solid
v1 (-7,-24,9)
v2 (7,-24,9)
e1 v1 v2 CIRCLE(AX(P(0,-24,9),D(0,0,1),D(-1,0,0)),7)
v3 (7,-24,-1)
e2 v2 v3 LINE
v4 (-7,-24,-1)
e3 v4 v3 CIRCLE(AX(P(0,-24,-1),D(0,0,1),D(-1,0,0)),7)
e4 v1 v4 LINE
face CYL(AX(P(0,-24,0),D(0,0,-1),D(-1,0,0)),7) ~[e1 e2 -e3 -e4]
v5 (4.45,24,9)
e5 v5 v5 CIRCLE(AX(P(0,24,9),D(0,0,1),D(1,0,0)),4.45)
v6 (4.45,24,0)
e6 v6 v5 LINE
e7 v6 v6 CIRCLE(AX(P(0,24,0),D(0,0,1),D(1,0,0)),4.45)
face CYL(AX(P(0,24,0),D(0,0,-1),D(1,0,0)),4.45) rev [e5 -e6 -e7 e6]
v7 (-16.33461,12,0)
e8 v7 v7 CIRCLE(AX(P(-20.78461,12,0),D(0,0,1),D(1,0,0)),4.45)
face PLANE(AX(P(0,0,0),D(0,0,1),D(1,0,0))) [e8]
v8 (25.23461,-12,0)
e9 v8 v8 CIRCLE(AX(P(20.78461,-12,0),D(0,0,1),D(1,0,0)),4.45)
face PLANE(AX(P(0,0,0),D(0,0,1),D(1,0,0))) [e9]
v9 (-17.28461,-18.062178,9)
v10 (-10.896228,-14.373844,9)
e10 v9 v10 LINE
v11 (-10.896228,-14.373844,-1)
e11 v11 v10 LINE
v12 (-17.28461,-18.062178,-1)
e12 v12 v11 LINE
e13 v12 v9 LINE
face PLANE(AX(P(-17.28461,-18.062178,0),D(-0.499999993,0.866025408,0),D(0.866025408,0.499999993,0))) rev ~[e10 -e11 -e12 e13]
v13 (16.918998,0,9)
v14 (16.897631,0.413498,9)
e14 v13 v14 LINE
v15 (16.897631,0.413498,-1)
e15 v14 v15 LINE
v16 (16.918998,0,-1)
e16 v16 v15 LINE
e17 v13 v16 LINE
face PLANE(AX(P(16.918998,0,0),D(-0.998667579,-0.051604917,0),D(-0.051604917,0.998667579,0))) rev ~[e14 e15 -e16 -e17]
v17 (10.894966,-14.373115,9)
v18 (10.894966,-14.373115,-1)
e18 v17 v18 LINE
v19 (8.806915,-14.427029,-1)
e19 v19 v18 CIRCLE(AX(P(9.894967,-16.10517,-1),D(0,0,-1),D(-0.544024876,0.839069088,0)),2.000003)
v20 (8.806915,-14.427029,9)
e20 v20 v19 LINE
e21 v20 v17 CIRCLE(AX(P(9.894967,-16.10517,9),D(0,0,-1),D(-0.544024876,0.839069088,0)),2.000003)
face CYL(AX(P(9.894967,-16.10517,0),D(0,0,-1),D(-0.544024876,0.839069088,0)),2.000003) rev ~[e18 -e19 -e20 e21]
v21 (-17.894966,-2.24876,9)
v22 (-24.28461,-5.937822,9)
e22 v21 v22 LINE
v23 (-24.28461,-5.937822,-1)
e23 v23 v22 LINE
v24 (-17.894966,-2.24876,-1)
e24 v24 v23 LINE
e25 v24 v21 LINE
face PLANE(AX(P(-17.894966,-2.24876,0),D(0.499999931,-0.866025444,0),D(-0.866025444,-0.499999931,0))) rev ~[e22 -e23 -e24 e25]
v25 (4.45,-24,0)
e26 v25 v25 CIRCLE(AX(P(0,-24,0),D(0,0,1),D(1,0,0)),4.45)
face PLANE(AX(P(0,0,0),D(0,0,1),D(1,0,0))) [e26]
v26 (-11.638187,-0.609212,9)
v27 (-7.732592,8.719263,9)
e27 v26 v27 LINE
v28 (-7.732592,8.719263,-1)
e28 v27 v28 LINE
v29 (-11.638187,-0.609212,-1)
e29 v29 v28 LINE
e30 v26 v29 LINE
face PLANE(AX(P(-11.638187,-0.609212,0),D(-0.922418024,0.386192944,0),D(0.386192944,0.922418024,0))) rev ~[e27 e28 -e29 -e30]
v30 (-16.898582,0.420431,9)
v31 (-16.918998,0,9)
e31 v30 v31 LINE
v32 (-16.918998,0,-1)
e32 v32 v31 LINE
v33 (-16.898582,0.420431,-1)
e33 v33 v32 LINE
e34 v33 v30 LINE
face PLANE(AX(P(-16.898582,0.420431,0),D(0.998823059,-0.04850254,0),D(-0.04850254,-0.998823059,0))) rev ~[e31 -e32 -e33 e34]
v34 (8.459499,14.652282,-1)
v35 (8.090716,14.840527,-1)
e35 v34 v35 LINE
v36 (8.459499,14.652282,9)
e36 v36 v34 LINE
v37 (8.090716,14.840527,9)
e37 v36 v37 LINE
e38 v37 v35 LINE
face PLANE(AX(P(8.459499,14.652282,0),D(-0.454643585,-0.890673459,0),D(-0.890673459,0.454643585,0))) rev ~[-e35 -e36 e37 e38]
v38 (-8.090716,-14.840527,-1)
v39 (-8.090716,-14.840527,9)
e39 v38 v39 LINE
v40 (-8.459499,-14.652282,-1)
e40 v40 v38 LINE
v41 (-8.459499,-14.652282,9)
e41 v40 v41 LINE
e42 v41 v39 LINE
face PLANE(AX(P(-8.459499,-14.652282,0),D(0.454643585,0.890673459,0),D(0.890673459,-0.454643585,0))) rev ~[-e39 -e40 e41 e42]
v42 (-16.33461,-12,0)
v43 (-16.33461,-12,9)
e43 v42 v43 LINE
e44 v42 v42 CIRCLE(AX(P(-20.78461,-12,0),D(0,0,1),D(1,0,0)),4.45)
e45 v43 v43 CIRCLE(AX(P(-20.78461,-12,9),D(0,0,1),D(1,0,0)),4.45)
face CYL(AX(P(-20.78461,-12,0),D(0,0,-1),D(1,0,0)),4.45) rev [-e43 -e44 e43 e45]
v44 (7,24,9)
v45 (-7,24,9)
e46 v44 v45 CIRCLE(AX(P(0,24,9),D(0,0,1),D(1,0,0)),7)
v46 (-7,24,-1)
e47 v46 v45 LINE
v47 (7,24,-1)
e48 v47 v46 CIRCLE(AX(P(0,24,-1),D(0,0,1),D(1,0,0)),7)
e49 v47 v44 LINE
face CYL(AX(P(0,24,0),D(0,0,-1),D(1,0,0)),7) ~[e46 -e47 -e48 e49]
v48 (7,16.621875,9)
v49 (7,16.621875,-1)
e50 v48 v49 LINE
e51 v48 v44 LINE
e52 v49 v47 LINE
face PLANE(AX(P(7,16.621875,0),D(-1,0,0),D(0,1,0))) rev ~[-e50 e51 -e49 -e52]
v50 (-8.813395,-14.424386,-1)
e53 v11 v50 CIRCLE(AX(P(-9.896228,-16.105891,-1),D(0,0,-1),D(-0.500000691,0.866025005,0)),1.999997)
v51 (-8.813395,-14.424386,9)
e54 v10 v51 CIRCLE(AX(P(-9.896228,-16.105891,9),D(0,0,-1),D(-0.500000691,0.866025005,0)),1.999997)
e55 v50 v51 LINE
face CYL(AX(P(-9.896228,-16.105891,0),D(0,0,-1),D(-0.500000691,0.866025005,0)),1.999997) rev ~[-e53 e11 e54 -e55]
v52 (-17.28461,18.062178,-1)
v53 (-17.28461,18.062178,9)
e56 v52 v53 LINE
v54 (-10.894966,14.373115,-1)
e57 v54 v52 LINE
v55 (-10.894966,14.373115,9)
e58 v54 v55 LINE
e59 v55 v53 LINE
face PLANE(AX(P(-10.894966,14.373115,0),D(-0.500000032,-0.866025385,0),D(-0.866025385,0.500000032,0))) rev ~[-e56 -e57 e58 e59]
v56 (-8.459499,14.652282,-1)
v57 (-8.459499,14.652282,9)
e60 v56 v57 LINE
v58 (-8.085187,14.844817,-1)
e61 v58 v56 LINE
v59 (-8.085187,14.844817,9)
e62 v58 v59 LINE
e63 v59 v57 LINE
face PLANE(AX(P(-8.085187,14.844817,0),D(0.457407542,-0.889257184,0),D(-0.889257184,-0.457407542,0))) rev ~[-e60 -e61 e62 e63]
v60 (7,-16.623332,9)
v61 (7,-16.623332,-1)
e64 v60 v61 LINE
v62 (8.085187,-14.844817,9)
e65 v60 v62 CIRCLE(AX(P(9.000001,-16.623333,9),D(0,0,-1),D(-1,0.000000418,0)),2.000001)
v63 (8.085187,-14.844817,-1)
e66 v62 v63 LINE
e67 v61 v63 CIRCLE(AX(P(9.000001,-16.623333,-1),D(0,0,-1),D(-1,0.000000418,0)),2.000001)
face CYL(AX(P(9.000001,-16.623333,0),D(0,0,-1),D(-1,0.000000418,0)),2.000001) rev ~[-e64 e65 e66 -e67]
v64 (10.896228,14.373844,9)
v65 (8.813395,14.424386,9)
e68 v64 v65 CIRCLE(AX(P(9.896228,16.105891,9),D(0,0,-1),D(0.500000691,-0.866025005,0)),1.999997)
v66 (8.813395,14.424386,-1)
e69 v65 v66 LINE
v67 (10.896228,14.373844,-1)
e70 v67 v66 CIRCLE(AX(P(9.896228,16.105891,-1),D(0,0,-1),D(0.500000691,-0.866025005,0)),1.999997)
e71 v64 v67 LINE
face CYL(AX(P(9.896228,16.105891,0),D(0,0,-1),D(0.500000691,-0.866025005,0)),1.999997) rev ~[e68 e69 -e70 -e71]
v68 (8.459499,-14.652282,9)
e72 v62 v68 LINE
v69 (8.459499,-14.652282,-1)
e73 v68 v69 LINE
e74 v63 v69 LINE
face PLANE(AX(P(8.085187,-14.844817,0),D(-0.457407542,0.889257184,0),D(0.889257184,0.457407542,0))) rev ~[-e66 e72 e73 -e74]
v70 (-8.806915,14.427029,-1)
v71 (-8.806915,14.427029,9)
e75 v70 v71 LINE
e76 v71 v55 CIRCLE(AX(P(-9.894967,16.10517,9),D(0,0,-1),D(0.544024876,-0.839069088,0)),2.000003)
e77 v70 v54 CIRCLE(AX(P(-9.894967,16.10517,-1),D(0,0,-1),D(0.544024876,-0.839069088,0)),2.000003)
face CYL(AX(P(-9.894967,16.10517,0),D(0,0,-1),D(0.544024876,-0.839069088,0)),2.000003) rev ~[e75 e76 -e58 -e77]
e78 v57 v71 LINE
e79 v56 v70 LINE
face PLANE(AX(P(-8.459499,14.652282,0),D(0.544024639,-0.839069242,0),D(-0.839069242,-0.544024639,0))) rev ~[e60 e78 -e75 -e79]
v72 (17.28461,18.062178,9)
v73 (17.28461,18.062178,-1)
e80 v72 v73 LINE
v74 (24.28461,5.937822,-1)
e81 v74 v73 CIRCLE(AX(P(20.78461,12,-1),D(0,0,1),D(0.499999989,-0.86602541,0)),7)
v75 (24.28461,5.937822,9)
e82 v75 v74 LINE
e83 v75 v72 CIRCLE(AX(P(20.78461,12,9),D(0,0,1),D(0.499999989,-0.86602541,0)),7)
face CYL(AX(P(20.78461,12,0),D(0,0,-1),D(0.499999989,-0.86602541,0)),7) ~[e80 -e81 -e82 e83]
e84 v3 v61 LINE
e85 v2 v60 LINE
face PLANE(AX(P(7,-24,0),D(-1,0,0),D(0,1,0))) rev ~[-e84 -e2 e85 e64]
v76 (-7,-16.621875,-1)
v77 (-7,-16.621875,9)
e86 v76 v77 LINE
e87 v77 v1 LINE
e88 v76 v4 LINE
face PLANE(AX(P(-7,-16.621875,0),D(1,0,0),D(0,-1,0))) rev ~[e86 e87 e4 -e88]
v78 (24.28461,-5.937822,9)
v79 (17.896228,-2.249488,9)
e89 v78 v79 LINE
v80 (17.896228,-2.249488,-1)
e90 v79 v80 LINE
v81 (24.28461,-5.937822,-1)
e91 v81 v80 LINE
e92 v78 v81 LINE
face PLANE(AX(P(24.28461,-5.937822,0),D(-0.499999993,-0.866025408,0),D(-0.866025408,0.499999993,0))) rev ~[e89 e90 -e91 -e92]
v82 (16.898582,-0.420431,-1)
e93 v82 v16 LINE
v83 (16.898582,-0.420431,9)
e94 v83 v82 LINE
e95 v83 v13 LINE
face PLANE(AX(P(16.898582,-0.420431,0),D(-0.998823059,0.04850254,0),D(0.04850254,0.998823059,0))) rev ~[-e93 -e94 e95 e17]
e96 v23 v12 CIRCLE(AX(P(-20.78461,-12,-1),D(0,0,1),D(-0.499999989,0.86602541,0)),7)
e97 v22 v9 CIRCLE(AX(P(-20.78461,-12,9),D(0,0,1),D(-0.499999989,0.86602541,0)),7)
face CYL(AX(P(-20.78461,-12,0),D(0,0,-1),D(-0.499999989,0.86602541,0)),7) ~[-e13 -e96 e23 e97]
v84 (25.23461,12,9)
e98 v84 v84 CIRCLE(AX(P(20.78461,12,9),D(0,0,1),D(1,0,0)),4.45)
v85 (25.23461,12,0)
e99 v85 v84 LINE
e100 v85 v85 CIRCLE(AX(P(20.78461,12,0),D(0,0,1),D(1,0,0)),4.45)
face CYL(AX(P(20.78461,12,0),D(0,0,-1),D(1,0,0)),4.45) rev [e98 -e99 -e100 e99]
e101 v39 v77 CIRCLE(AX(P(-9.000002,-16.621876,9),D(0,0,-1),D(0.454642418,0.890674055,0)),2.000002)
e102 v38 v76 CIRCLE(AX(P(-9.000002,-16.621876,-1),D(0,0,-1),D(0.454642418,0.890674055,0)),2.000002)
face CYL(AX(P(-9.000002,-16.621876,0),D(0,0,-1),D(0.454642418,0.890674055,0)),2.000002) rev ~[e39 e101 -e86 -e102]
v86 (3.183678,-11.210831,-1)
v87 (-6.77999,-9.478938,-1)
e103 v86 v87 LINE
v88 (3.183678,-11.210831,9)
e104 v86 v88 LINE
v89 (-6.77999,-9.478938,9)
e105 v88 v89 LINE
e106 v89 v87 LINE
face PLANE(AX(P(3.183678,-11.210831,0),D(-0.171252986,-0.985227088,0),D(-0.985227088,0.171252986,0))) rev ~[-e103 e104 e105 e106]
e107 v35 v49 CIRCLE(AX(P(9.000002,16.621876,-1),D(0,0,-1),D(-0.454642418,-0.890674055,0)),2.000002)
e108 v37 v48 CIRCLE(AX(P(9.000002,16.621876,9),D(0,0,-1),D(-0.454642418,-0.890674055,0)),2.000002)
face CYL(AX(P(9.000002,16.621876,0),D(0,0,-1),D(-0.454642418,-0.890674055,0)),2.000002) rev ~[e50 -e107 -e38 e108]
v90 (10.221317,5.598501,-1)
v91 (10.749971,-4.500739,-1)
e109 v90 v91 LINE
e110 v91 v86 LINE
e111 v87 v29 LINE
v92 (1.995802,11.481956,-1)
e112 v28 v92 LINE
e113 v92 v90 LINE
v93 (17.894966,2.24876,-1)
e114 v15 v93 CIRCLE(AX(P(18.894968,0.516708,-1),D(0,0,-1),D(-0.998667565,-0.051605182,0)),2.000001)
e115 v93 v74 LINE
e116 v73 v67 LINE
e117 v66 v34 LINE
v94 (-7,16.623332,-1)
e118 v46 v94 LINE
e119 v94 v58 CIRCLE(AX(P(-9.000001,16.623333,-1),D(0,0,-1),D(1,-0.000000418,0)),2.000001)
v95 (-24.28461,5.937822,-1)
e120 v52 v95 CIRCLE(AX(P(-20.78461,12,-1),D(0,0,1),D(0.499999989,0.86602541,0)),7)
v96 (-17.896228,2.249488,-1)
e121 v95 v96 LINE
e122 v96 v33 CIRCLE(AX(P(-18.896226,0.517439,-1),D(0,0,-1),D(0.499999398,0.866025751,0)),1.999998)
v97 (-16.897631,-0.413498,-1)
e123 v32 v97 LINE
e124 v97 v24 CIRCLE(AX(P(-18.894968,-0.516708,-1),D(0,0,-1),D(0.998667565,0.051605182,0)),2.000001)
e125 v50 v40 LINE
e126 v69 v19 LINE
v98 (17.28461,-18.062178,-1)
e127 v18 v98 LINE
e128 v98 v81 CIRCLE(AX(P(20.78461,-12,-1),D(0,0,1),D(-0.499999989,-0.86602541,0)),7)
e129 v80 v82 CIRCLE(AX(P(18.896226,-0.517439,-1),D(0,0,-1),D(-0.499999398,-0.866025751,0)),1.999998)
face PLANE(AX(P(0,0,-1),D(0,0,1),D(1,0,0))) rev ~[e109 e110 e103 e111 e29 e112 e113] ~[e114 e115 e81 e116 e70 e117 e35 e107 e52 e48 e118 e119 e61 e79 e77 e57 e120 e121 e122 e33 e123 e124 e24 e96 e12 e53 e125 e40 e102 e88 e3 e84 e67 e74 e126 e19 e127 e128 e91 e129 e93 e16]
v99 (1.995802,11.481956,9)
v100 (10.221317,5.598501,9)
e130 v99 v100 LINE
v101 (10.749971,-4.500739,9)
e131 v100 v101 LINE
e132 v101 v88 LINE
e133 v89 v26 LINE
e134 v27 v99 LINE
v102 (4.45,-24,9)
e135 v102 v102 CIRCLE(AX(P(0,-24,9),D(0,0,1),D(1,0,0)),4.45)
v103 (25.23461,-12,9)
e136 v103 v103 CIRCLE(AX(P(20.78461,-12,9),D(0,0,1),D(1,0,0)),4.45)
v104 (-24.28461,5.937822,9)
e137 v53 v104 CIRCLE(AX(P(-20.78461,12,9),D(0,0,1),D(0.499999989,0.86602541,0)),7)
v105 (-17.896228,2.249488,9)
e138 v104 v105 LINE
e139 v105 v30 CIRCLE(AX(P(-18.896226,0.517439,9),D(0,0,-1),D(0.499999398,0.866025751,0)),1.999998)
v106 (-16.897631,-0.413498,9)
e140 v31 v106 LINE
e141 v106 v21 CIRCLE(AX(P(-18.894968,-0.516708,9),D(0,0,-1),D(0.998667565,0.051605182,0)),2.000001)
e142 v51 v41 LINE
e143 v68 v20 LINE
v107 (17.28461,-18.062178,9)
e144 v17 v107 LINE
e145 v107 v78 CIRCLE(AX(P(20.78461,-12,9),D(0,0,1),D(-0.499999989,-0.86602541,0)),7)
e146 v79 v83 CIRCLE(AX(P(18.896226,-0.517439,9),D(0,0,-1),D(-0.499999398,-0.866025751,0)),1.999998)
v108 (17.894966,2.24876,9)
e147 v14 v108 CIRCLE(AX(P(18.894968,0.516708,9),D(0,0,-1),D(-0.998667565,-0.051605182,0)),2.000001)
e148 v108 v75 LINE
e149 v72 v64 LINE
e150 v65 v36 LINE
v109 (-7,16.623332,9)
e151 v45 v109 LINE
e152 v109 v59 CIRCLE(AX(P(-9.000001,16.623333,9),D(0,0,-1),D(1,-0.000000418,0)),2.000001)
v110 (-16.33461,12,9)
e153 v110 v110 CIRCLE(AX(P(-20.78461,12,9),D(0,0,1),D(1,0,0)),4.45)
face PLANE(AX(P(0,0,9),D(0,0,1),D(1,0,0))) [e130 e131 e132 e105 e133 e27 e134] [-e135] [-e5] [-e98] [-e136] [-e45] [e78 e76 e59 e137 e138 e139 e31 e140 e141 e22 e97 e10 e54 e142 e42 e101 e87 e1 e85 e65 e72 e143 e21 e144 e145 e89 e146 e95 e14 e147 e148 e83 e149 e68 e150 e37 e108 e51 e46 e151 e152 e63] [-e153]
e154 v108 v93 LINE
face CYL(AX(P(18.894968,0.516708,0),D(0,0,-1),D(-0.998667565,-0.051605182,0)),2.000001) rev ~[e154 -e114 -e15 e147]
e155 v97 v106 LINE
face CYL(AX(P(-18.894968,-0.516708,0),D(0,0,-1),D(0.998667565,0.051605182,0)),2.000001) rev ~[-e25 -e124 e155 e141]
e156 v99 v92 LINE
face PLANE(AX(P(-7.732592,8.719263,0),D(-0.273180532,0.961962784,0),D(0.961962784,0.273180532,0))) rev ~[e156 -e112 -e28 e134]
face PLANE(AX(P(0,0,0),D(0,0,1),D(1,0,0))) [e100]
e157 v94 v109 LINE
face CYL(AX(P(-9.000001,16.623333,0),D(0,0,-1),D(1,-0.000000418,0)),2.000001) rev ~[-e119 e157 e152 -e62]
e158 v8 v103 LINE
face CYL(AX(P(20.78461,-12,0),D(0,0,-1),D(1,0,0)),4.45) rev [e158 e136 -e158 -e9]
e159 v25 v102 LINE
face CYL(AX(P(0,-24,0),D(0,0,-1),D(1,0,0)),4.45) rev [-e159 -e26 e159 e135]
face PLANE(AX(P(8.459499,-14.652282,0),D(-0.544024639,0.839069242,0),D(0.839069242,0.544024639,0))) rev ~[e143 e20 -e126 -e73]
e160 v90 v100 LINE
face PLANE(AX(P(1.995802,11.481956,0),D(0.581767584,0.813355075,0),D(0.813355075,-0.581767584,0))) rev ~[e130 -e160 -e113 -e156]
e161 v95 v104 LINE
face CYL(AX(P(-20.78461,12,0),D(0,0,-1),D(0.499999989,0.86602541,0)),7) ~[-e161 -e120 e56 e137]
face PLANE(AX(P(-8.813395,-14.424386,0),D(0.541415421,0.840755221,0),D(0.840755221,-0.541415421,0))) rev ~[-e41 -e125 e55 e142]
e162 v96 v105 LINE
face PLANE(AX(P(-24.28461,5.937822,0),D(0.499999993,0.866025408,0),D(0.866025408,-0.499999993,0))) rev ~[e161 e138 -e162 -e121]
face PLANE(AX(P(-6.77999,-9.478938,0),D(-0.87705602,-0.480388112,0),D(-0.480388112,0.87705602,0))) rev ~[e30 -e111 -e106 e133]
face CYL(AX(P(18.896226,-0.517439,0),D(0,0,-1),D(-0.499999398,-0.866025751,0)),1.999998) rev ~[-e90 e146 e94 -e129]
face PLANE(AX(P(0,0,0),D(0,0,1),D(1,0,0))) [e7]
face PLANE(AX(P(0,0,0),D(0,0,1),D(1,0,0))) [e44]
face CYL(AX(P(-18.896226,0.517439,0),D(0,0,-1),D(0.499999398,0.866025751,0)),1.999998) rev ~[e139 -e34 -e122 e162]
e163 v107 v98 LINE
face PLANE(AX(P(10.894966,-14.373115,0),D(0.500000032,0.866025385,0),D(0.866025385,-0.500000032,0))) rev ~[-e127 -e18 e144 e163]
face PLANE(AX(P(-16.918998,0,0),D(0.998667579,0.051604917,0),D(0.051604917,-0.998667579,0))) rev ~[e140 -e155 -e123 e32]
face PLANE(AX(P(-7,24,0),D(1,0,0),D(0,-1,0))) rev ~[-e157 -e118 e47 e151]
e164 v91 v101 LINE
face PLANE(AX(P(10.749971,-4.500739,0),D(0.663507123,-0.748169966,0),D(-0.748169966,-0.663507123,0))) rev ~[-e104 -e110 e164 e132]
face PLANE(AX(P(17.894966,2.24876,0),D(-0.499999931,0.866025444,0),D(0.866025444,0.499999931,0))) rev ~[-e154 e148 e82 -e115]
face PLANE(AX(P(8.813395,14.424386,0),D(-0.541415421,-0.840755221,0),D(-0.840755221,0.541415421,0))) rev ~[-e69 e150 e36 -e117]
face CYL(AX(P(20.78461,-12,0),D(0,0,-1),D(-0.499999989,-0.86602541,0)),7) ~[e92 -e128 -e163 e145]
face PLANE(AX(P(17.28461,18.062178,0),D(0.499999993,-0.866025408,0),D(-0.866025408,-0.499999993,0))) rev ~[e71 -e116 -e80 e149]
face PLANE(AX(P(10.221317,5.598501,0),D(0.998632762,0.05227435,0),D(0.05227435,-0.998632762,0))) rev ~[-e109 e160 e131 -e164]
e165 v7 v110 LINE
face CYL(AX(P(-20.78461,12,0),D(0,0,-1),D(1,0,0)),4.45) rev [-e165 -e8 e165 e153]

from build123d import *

# Parameters (mm, degrees)
F0_R     = 4.45
F1_DEPTH = 1
F2_DEPTH = 9


with BuildPart() as f1:
    # F0 (on Top) → F1 (new body)
    with BuildSketch(Plane.XY):
        with BuildLine():
            Line((7, 16.621875), (7, 24))
            ThreePointArc((7, 24), (0, 31), (-7, 24))
            Line((-7, 24), (-7, 16.623332))
            ThreePointArc((-7, 16.623332), (-7.292718, 15.581609), (-8.085187, 14.844817))
            Line((-8.085187, 14.844817), (-8.459499, 14.652282))
            Line((-8.459499, 14.652282), (-8.806915, 14.427029))
            ThreePointArc((-8.806915, 14.427029), (-9.843343, 14.105833), (-10.894966, 14.373115))
            Line((-10.894966, 14.373115), (-17.28461, 18.062178))
            ThreePointArc((-17.28461, 18.062178), (-26.846788, 15.5), (-24.28461, 5.937822))
            Line((-24.28461, 5.937822), (-17.896228, 2.249488))
            ThreePointArc((-17.896228, 2.249488), (-17.140428, 1.475126), (-16.898582, 0.420431))
            Line((-16.898582, 0.420431), (-16.918998, 0))
            Line((-16.918998, 0), (-16.897631, -0.413498))
            ThreePointArc((-16.897631, -0.413498), (-17.137681, -1.471669), (-17.894966, -2.24876))
            Line((-17.894966, -2.24876), (-24.28461, -5.937822))
            ThreePointArc((-24.28461, -5.937822), (-26.846788, -15.5), (-17.28461, -18.062178))
            Line((-17.28461, -18.062178), (-10.896228, -14.373844))
            ThreePointArc((-10.896228, -14.373844), (-9.84771, -14.106483), (-8.813395, -14.424386))
            Line((-8.813395, -14.424386), (-8.459499, -14.652282))
            Line((-8.459499, -14.652282), (-8.090716, -14.840527))
            ThreePointArc((-8.090716, -14.840527), (-7.294338, -15.577502), (-7, -16.621875))
            Line((-7, -16.621875), (-7, -24))
            ThreePointArc((-7, -24), (0, -31), (7, -24))
            Line((7, -24), (7, -16.623332))
            ThreePointArc((7, -16.623332), (7.292718, -15.581609), (8.085187, -14.844817))
            Line((8.085187, -14.844817), (8.459499, -14.652282))
            Line((8.459499, -14.652282), (8.806915, -14.427029))
            ThreePointArc((8.806915, -14.427029), (9.843343, -14.105833), (10.894966, -14.373115))
            Line((10.894966, -14.373115), (17.28461, -18.062178))
            ThreePointArc((17.28461, -18.062178), (26.846788, -15.5), (24.28461, -5.937822))
            Line((24.28461, -5.937822), (17.896228, -2.249488))
            ThreePointArc((17.896228, -2.249488), (17.140428, -1.475126), (16.898582, -0.420431))
            Line((16.898582, -0.420431), (16.918998, 0))
            Line((16.918998, 0), (16.897631, 0.413498))
            ThreePointArc((16.897631, 0.413498), (17.137681, 1.471669), (17.894966, 2.24876))
            Line((17.894966, 2.24876), (24.28461, 5.937822))
            ThreePointArc((24.28461, 5.937822), (26.846788, 15.5), (17.28461, 18.062178))
            Line((17.28461, 18.062178), (10.896228, 14.373844))
            ThreePointArc((10.896228, 14.373844), (9.84771, 14.106483), (8.813395, 14.424386))
            Line((8.813395, 14.424386), (8.459499, 14.652282))
            Line((8.459499, 14.652282), (8.090716, 14.840527))
            ThreePointArc((8.090716, 14.840527), (7.294338, 15.577502), (7, 16.621875))
        make_face()
        with Locations((-20.78461, -12)):
            Circle(F0_R, mode=Mode.SUBTRACT)
        with Locations((0, -24)):
            Circle(F0_R, mode=Mode.SUBTRACT)
        with Locations((20.78461, -12)):
            Circle(F0_R, mode=Mode.SUBTRACT)
        with Locations((-20.78461, 12)):
            Circle(F0_R, mode=Mode.SUBTRACT)
        Polygon((10.221317, 5.598501), (10.749971, -4.500739), (3.183678, -11.210831), (-6.77999, -9.478938), (-11.638187, -0.609212), (-7.732592, 8.719263), (1.995802, 11.481956), align=None, mode=Mode.SUBTRACT)
        with Locations((20.78461, 12)):
            Circle(F0_R, mode=Mode.SUBTRACT)
        with Locations((0, 24)):
            Circle(F0_R, mode=Mode.SUBTRACT)
        with Locations((-20.78461, 12)):
            Circle(F0_R)
        with Locations((0, 24)):
            Circle(F0_R)
        with Locations((20.78461, 12)):
            Circle(F0_R)
        with Locations((20.78461, -12)):
            Circle(F0_R)
        with Locations((0, -24)):
            Circle(F0_R)
        with Locations((-20.78461, -12)):
            Circle(F0_R)
    extrude(amount=-F1_DEPTH)

    # F0 (on Top) → F2 (join)
    with BuildSketch(Plane.XY):
        with BuildLine():
            Line((7, 16.621875), (7, 24))
            ThreePointArc((7, 24), (0, 31), (-7, 24))
            Line((-7, 24), (-7, 16.623332))
            ThreePointArc((-7, 16.623332), (-7.292718, 15.581609), (-8.085187, 14.844817))
            Line((-8.085187, 14.844817), (-8.459499, 14.652282))
            Line((-8.459499, 14.652282), (-8.806915, 14.427029))
            ThreePointArc((-8.806915, 14.427029), (-9.843343, 14.105833), (-10.894966, 14.373115))
            Line((-10.894966, 14.373115), (-17.28461, 18.062178))
            ThreePointArc((-17.28461, 18.062178), (-26.846788, 15.5), (-24.28461, 5.937822))
            Line((-24.28461, 5.937822), (-17.896228, 2.249488))
            ThreePointArc((-17.896228, 2.249488), (-17.140428, 1.475126), (-16.898582, 0.420431))
            Line((-16.898582, 0.420431), (-16.918998, 0))
            Line((-16.918998, 0), (-16.897631, -0.413498))
            ThreePointArc((-16.897631, -0.413498), (-17.137681, -1.471669), (-17.894966, -2.24876))
            Line((-17.894966, -2.24876), (-24.28461, -5.937822))
            ThreePointArc((-24.28461, -5.937822), (-26.846788, -15.5), (-17.28461, -18.062178))
            Line((-17.28461, -18.062178), (-10.896228, -14.373844))
            ThreePointArc((-10.896228, -14.373844), (-9.84771, -14.106483), (-8.813395, -14.424386))
            Line((-8.813395, -14.424386), (-8.459499, -14.652282))
            Line((-8.459499, -14.652282), (-8.090716, -14.840527))
            ThreePointArc((-8.090716, -14.840527), (-7.294338, -15.577502), (-7, -16.621875))
            Line((-7, -16.621875), (-7, -24))
            ThreePointArc((-7, -24), (0, -31), (7, -24))
            Line((7, -24), (7, -16.623332))
            ThreePointArc((7, -16.623332), (7.292718, -15.581609), (8.085187, -14.844817))
            Line((8.085187, -14.844817), (8.459499, -14.652282))
            Line((8.459499, -14.652282), (8.806915, -14.427029))
            ThreePointArc((8.806915, -14.427029), (9.843343, -14.105833), (10.894966, -14.373115))
            Line((10.894966, -14.373115), (17.28461, -18.062178))
            ThreePointArc((17.28461, -18.062178), (26.846788, -15.5), (24.28461, -5.937822))
            Line((24.28461, -5.937822), (17.896228, -2.249488))
            ThreePointArc((17.896228, -2.249488), (17.140428, -1.475126), (16.898582, -0.420431))
            Line((16.898582, -0.420431), (16.918998, 0))
            Line((16.918998, 0), (16.897631, 0.413498))
            ThreePointArc((16.897631, 0.413498), (17.137681, 1.471669), (17.894966, 2.24876))
            Line((17.894966, 2.24876), (24.28461, 5.937822))
            ThreePointArc((24.28461, 5.937822), (26.846788, 15.5), (17.28461, 18.062178))
            Line((17.28461, 18.062178), (10.896228, 14.373844))
            ThreePointArc((10.896228, 14.373844), (9.84771, 14.106483), (8.813395, 14.424386))
            Line((8.813395, 14.424386), (8.459499, 14.652282))
            Line((8.459499, 14.652282), (8.090716, 14.840527))
            ThreePointArc((8.090716, 14.840527), (7.294338, 15.577502), (7, 16.621875))
        make_face()
        with Locations((-20.78461, -12)):
            Circle(F0_R, mode=Mode.SUBTRACT)
        with Locations((0, -24)):
            Circle(F0_R, mode=Mode.SUBTRACT)
        with Locations((20.78461, -12)):
            Circle(F0_R, mode=Mode.SUBTRACT)
        with Locations((-20.78461, 12)):
            Circle(F0_R, mode=Mode.SUBTRACT)
        Polygon((10.221317, 5.598501), (10.749971, -4.500739), (3.183678, -11.210831), (-6.77999, -9.478938), (-11.638187, -0.609212), (-7.732592, 8.719263), (1.995802, 11.481956), align=None, mode=Mode.SUBTRACT)
        with Locations((20.78461, 12)):
            Circle(F0_R, mode=Mode.SUBTRACT)
        with Locations((0, 24)):
            Circle(F0_R, mode=Mode.SUBTRACT)
    extrude(amount=F2_DEPTH)


solid = f1.part
